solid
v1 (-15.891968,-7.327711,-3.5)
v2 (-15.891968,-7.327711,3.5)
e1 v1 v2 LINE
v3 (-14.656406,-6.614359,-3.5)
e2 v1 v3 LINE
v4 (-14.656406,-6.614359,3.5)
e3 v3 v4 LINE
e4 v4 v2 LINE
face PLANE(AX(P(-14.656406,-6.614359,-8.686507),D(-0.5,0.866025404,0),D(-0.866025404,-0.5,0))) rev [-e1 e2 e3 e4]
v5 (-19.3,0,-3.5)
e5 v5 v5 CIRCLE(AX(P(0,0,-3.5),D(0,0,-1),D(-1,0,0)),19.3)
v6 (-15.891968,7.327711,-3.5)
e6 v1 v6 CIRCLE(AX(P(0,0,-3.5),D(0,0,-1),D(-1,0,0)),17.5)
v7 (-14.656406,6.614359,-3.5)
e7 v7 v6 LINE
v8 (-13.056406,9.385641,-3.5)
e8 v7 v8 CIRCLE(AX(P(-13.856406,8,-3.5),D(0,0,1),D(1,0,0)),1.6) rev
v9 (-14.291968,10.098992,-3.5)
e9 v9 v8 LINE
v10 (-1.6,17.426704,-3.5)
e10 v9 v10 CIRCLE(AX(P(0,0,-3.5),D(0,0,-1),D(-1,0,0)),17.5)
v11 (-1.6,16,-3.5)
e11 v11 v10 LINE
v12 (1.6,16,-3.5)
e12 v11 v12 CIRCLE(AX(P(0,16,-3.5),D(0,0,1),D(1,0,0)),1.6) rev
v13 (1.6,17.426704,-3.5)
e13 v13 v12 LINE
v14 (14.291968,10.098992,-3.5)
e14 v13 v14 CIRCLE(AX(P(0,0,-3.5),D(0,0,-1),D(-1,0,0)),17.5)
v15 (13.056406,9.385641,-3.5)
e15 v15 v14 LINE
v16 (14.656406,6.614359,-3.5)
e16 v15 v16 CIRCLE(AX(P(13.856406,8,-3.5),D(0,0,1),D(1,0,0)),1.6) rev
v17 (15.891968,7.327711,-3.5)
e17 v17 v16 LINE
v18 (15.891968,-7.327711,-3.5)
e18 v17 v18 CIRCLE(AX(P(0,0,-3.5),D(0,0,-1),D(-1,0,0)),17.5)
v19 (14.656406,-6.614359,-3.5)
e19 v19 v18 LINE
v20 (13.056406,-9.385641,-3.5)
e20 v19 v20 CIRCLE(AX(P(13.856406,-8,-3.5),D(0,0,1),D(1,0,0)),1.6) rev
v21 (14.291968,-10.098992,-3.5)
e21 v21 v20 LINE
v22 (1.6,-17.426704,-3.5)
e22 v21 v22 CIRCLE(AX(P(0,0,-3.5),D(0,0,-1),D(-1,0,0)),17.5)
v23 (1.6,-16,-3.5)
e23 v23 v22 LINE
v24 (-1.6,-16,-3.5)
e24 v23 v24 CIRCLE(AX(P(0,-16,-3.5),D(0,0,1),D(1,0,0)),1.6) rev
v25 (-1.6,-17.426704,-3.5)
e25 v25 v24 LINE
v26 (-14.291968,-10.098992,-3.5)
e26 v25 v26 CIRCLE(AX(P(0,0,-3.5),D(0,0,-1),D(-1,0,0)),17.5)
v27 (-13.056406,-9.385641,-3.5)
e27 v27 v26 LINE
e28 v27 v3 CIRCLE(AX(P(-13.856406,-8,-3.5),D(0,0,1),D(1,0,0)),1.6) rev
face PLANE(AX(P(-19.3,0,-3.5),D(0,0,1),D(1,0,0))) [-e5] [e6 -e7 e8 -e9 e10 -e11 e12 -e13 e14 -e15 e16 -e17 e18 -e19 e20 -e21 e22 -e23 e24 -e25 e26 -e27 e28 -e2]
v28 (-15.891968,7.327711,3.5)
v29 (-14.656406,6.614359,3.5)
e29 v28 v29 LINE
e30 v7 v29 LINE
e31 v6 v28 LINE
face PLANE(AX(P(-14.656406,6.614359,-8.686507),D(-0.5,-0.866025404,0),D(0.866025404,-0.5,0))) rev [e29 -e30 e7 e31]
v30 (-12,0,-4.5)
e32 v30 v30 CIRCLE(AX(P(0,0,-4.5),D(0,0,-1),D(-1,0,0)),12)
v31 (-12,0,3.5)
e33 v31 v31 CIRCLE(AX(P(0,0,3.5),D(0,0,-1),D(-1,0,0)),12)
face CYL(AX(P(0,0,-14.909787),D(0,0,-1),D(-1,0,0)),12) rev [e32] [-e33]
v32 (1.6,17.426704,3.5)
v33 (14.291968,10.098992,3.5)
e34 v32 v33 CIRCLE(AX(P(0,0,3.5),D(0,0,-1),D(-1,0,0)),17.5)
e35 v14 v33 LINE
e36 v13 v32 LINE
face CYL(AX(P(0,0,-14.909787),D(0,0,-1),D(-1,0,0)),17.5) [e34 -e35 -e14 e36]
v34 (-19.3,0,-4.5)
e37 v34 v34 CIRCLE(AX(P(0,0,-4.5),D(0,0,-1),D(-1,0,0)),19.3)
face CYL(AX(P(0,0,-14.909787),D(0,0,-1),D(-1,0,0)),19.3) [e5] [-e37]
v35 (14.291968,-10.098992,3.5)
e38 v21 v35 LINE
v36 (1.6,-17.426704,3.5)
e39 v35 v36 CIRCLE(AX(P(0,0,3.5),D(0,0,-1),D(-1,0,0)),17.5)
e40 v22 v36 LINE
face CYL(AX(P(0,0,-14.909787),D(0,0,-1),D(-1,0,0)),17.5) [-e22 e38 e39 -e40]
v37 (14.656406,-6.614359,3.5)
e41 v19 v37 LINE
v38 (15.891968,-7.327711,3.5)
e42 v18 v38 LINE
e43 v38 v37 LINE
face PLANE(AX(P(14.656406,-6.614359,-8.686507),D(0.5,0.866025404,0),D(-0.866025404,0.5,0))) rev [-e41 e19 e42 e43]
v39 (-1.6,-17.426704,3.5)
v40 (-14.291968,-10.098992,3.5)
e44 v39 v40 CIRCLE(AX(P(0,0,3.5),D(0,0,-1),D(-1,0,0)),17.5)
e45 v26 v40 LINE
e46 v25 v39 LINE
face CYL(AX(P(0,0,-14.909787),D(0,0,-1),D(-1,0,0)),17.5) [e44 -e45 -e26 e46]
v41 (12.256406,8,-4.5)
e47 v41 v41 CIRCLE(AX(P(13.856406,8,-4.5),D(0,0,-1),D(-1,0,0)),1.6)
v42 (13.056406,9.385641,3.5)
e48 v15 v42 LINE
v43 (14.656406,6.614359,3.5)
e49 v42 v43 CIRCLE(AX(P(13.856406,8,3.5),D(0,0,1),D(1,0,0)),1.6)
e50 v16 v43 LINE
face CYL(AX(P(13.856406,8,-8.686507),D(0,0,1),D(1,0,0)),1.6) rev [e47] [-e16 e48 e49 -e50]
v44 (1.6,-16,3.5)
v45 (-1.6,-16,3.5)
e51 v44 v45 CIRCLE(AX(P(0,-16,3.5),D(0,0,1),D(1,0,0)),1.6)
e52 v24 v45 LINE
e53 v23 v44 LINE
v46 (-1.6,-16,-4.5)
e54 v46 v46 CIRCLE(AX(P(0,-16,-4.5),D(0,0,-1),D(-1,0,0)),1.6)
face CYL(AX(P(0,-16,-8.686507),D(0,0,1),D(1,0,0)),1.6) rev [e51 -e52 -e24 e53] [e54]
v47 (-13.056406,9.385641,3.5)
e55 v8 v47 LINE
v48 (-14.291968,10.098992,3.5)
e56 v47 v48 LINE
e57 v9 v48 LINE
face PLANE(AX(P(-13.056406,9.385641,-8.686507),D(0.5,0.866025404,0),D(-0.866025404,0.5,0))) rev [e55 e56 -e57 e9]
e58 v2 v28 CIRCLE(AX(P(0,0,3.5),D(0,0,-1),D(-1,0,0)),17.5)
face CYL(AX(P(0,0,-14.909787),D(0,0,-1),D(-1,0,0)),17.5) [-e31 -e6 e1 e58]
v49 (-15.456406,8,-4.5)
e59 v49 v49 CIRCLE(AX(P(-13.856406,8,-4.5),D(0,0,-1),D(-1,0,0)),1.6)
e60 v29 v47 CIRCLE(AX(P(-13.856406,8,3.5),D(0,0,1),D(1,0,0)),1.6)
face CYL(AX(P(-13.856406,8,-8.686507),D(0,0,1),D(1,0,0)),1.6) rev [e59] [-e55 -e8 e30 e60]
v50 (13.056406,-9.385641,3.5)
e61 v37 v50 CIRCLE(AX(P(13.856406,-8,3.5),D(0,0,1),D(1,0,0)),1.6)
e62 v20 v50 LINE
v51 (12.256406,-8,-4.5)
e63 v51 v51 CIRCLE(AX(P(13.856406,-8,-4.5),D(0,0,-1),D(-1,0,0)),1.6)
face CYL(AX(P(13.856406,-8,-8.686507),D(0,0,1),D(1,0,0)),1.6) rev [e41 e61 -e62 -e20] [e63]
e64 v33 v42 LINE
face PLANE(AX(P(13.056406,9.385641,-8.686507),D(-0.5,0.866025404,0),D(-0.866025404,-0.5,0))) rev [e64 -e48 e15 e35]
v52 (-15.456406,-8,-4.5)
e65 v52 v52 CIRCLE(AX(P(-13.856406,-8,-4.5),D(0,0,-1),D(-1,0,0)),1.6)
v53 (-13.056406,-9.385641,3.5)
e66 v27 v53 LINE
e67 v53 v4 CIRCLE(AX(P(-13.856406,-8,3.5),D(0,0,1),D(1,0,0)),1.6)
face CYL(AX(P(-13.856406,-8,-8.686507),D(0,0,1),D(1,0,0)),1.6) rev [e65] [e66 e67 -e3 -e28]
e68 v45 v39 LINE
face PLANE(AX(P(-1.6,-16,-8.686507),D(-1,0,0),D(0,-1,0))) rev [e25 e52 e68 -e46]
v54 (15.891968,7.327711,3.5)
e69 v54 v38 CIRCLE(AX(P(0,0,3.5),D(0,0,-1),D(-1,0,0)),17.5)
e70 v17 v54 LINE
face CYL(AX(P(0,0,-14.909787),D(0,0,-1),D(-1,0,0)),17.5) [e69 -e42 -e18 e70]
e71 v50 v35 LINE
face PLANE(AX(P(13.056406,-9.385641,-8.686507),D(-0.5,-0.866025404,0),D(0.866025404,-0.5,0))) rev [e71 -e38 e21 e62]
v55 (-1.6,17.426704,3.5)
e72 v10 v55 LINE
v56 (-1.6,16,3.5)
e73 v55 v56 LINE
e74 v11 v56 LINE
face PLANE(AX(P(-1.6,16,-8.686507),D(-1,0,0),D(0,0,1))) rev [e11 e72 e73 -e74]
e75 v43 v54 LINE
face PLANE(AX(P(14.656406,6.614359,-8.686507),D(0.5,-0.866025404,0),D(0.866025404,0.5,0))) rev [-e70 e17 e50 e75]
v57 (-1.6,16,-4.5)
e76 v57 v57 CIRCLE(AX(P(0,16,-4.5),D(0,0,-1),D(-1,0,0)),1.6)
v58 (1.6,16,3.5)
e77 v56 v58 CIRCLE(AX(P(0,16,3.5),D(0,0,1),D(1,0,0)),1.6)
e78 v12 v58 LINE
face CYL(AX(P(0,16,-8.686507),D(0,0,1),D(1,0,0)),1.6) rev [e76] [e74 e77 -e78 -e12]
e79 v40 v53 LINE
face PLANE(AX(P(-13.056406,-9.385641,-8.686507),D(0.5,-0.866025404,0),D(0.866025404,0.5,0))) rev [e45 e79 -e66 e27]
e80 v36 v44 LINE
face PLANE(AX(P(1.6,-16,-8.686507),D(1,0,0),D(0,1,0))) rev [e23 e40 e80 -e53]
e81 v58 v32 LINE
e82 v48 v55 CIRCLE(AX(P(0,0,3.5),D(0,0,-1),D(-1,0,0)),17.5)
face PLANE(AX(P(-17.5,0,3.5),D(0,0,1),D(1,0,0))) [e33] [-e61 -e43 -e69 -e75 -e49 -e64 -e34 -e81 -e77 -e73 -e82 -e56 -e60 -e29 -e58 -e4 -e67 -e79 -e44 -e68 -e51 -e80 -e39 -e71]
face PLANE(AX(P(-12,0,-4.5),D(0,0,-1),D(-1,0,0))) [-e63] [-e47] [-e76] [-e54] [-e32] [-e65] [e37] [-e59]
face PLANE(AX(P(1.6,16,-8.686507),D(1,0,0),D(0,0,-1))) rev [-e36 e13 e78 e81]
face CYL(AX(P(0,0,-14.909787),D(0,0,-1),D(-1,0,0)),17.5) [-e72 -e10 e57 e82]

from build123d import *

# Parameters (mm, degrees)
CORTAR_EXTRUIR1_DEPTH = 7
CORTAR_EXTRUIR2_REACH = 30.443
CROQUIS5_R            = 1.6


with BuildPart() as part:
    # Croquis1 → Revolución1 (revolve)
    with BuildSketch(Plane(origin=(0, 0, 0), x_dir=(1, 0, 0), z_dir=(0, 1, 0))):
        Polygon((-12, 4.5), (-19.3, 4.5), (-19.3, 3.5), (-17.5, 3.5), (-17.5, -3.5), (-12, -3.5), align=None)
    revolve(axis=Axis((0, 0, -14.909787419), (0, 0, 1)))

    # Croquis2 → Cortar-Extruir1 (cut)
    with BuildSketch(Plane.XY.offset(3.5)):
        with BuildLine():
            Line((1.6, 16), (1.6, 17.426703647))
            ThreePointArc((1.6, 17.426703647), (0, 17.5), (-1.6, 17.426703647))
            Line((-1.6, 17.426703647), (-1.6, 16))
            ThreePointArc((-1.6, 16), (0, 14.4), (1.6, 16))
        make_face()
        with BuildLine():
            Line((14.656406461, 6.614359354), (15.891968063, 7.327711177))
            ThreePointArc((15.891968063, 7.327711177), (15.155444566, 8.75), (14.291968063, 10.09899247))
            Line((14.291968063, 10.09899247), (13.056406461, 9.385640646))
            ThreePointArc((13.056406461, 9.385640646), (12.470765814, 7.2), (14.656406461, 6.614359354))
        make_face()
        with BuildLine():
            Line((13.056406461, -9.385640646), (14.291968063, -10.09899247))
            ThreePointArc((14.291968063, -10.09899247), (15.155444566, -8.75), (15.891968063, -7.327711177))
            Line((15.891968063, -7.327711177), (14.656406461, -6.614359354))
            ThreePointArc((14.656406461, -6.614359354), (12.470765814, -7.2), (13.056406461, -9.385640646))
        make_face()
        with BuildLine():
            Line((-1.6, -16), (-1.6, -17.426703647))
            ThreePointArc((-1.6, -17.426703647), (0, -17.5), (1.6, -17.426703647))
            Line((1.6, -17.426703647), (1.6, -16))
            ThreePointArc((1.6, -16), (0, -14.4), (-1.6, -16))
        make_face()
        with BuildLine():
            Line((-14.656406461, -6.614359354), (-15.891968063, -7.327711177))
            ThreePointArc((-15.891968063, -7.327711177), (-15.155444566, -8.75), (-14.291968063, -10.09899247))
            Line((-14.291968063, -10.09899247), (-13.056406461, -9.385640646))
            ThreePointArc((-13.056406461, -9.385640646), (-12.470765814, -7.2), (-14.656406461, -6.614359354))
        make_face()
        with BuildLine():
            Line((-13.056406461, 9.385640646), (-14.291968063, 10.09899247))
            ThreePointArc((-14.291968063, 10.09899247), (-15.155444566, 8.75), (-15.891968063, 7.327711177))
            Line((-15.891968063, 7.327711177), (-14.656406461, 6.614359354))
            ThreePointArc((-14.656406461, 6.614359354), (-12.470765814, 7.2), (-13.056406461, 9.385640646))
        make_face()
    extrude(amount=-CORTAR_EXTRUIR1_DEPTH, mode=Mode.SUBTRACT)

    # Croquis5 → Cortar-Extruir2 (cut, up to next)
    with BuildSketch(Plane(origin=(0, 0, -4.5), x_dir=(-1, 0, 0), z_dir=(0, 0, -1)), mode=Mode.PRIVATE) as cortar_extruir2_sk1:
        with Locations((0, 16)):
            Circle(CROQUIS5_R)
    cortar_extruir2_tool1 = extrude(cortar_extruir2_sk1.sketch, amount=-CORTAR_EXTRUIR2_REACH, mode=Mode.PRIVATE) & part.part
    # Croquis5 → Cortar-Extruir2 (cut, up to next)
    with BuildSketch(Plane(origin=(0, 0, -4.5), x_dir=(-1, 0, 0), z_dir=(0, 0, -1)), mode=Mode.PRIVATE) as cortar_extruir2_sk2:
        with Locations(Location((13.856406461, 8, 0), (0, 0, 120))):
            Circle(CROQUIS5_R)
    cortar_extruir2_tool2 = extrude(cortar_extruir2_sk2.sketch, amount=-CORTAR_EXTRUIR2_REACH, mode=Mode.PRIVATE) & part.part
    # Croquis5 → Cortar-Extruir2 (cut, up to next)
    with BuildSketch(Plane(origin=(0, 0, -4.5), x_dir=(-1, 0, 0), z_dir=(0, 0, -1)), mode=Mode.PRIVATE) as cortar_extruir2_sk3:
        with Locations(Location((13.856406461, -8, 0), (0, 0, 240))):
            Circle(CROQUIS5_R)
    cortar_extruir2_tool3 = extrude(cortar_extruir2_sk3.sketch, amount=-CORTAR_EXTRUIR2_REACH, mode=Mode.PRIVATE) & part.part
    # Croquis5 → Cortar-Extruir2 (cut, up to next)
    with BuildSketch(Plane(origin=(0, 0, -4.5), x_dir=(-1, 0, 0), z_dir=(0, 0, -1)), mode=Mode.PRIVATE) as cortar_extruir2_sk4:
        with Locations((0, -16)):
            Circle(CROQUIS5_R)
    cortar_extruir2_tool4 = extrude(cortar_extruir2_sk4.sketch, amount=-CORTAR_EXTRUIR2_REACH, mode=Mode.PRIVATE) & part.part
    # Croquis5 → Cortar-Extruir2 (cut, up to next)
    with BuildSketch(Plane(origin=(0, 0, -4.5), x_dir=(-1, 0, 0), z_dir=(0, 0, -1)), mode=Mode.PRIVATE) as cortar_extruir2_sk5:
        with Locations(Location((-13.856406461, -8, 0), (0, 0, 120))):
            Circle(CROQUIS5_R)
    cortar_extruir2_tool5 = extrude(cortar_extruir2_sk5.sketch, amount=-CORTAR_EXTRUIR2_REACH, mode=Mode.PRIVATE) & part.part
    # Croquis5 → Cortar-Extruir2 (cut, up to next)
    with BuildSketch(Plane(origin=(0, 0, -4.5), x_dir=(-1, 0, 0), z_dir=(0, 0, -1)), mode=Mode.PRIVATE) as cortar_extruir2_sk6:
        with Locations(Location((-13.856406461, 8, 0), (0, 0, 240))):
            Circle(CROQUIS5_R)
    cortar_extruir2_tool6 = extrude(cortar_extruir2_sk6.sketch, amount=-CORTAR_EXTRUIR2_REACH, mode=Mode.PRIVATE) & part.part
    add(cortar_extruir2_tool1.solids().sort_by_distance((0, 16, -4.5))[0], mode=Mode.SUBTRACT)
    add(cortar_extruir2_tool2.solids().sort_by_distance((-13.856406, 8, -4.5))[0], mode=Mode.SUBTRACT)
    add(cortar_extruir2_tool3.solids().sort_by_distance((-13.856406, -8, -4.5))[0], mode=Mode.SUBTRACT)
    add(cortar_extruir2_tool4.solids().sort_by_distance((0, -16, -4.5))[0], mode=Mode.SUBTRACT)
    add(cortar_extruir2_tool5.solids().sort_by_distance((13.856406, -8, -4.5))[0], mode=Mode.SUBTRACT)
    add(cortar_extruir2_tool6.solids().sort_by_distance((13.856406, 8, -4.5))[0], mode=Mode.SUBTRACT)


solid = part.part
